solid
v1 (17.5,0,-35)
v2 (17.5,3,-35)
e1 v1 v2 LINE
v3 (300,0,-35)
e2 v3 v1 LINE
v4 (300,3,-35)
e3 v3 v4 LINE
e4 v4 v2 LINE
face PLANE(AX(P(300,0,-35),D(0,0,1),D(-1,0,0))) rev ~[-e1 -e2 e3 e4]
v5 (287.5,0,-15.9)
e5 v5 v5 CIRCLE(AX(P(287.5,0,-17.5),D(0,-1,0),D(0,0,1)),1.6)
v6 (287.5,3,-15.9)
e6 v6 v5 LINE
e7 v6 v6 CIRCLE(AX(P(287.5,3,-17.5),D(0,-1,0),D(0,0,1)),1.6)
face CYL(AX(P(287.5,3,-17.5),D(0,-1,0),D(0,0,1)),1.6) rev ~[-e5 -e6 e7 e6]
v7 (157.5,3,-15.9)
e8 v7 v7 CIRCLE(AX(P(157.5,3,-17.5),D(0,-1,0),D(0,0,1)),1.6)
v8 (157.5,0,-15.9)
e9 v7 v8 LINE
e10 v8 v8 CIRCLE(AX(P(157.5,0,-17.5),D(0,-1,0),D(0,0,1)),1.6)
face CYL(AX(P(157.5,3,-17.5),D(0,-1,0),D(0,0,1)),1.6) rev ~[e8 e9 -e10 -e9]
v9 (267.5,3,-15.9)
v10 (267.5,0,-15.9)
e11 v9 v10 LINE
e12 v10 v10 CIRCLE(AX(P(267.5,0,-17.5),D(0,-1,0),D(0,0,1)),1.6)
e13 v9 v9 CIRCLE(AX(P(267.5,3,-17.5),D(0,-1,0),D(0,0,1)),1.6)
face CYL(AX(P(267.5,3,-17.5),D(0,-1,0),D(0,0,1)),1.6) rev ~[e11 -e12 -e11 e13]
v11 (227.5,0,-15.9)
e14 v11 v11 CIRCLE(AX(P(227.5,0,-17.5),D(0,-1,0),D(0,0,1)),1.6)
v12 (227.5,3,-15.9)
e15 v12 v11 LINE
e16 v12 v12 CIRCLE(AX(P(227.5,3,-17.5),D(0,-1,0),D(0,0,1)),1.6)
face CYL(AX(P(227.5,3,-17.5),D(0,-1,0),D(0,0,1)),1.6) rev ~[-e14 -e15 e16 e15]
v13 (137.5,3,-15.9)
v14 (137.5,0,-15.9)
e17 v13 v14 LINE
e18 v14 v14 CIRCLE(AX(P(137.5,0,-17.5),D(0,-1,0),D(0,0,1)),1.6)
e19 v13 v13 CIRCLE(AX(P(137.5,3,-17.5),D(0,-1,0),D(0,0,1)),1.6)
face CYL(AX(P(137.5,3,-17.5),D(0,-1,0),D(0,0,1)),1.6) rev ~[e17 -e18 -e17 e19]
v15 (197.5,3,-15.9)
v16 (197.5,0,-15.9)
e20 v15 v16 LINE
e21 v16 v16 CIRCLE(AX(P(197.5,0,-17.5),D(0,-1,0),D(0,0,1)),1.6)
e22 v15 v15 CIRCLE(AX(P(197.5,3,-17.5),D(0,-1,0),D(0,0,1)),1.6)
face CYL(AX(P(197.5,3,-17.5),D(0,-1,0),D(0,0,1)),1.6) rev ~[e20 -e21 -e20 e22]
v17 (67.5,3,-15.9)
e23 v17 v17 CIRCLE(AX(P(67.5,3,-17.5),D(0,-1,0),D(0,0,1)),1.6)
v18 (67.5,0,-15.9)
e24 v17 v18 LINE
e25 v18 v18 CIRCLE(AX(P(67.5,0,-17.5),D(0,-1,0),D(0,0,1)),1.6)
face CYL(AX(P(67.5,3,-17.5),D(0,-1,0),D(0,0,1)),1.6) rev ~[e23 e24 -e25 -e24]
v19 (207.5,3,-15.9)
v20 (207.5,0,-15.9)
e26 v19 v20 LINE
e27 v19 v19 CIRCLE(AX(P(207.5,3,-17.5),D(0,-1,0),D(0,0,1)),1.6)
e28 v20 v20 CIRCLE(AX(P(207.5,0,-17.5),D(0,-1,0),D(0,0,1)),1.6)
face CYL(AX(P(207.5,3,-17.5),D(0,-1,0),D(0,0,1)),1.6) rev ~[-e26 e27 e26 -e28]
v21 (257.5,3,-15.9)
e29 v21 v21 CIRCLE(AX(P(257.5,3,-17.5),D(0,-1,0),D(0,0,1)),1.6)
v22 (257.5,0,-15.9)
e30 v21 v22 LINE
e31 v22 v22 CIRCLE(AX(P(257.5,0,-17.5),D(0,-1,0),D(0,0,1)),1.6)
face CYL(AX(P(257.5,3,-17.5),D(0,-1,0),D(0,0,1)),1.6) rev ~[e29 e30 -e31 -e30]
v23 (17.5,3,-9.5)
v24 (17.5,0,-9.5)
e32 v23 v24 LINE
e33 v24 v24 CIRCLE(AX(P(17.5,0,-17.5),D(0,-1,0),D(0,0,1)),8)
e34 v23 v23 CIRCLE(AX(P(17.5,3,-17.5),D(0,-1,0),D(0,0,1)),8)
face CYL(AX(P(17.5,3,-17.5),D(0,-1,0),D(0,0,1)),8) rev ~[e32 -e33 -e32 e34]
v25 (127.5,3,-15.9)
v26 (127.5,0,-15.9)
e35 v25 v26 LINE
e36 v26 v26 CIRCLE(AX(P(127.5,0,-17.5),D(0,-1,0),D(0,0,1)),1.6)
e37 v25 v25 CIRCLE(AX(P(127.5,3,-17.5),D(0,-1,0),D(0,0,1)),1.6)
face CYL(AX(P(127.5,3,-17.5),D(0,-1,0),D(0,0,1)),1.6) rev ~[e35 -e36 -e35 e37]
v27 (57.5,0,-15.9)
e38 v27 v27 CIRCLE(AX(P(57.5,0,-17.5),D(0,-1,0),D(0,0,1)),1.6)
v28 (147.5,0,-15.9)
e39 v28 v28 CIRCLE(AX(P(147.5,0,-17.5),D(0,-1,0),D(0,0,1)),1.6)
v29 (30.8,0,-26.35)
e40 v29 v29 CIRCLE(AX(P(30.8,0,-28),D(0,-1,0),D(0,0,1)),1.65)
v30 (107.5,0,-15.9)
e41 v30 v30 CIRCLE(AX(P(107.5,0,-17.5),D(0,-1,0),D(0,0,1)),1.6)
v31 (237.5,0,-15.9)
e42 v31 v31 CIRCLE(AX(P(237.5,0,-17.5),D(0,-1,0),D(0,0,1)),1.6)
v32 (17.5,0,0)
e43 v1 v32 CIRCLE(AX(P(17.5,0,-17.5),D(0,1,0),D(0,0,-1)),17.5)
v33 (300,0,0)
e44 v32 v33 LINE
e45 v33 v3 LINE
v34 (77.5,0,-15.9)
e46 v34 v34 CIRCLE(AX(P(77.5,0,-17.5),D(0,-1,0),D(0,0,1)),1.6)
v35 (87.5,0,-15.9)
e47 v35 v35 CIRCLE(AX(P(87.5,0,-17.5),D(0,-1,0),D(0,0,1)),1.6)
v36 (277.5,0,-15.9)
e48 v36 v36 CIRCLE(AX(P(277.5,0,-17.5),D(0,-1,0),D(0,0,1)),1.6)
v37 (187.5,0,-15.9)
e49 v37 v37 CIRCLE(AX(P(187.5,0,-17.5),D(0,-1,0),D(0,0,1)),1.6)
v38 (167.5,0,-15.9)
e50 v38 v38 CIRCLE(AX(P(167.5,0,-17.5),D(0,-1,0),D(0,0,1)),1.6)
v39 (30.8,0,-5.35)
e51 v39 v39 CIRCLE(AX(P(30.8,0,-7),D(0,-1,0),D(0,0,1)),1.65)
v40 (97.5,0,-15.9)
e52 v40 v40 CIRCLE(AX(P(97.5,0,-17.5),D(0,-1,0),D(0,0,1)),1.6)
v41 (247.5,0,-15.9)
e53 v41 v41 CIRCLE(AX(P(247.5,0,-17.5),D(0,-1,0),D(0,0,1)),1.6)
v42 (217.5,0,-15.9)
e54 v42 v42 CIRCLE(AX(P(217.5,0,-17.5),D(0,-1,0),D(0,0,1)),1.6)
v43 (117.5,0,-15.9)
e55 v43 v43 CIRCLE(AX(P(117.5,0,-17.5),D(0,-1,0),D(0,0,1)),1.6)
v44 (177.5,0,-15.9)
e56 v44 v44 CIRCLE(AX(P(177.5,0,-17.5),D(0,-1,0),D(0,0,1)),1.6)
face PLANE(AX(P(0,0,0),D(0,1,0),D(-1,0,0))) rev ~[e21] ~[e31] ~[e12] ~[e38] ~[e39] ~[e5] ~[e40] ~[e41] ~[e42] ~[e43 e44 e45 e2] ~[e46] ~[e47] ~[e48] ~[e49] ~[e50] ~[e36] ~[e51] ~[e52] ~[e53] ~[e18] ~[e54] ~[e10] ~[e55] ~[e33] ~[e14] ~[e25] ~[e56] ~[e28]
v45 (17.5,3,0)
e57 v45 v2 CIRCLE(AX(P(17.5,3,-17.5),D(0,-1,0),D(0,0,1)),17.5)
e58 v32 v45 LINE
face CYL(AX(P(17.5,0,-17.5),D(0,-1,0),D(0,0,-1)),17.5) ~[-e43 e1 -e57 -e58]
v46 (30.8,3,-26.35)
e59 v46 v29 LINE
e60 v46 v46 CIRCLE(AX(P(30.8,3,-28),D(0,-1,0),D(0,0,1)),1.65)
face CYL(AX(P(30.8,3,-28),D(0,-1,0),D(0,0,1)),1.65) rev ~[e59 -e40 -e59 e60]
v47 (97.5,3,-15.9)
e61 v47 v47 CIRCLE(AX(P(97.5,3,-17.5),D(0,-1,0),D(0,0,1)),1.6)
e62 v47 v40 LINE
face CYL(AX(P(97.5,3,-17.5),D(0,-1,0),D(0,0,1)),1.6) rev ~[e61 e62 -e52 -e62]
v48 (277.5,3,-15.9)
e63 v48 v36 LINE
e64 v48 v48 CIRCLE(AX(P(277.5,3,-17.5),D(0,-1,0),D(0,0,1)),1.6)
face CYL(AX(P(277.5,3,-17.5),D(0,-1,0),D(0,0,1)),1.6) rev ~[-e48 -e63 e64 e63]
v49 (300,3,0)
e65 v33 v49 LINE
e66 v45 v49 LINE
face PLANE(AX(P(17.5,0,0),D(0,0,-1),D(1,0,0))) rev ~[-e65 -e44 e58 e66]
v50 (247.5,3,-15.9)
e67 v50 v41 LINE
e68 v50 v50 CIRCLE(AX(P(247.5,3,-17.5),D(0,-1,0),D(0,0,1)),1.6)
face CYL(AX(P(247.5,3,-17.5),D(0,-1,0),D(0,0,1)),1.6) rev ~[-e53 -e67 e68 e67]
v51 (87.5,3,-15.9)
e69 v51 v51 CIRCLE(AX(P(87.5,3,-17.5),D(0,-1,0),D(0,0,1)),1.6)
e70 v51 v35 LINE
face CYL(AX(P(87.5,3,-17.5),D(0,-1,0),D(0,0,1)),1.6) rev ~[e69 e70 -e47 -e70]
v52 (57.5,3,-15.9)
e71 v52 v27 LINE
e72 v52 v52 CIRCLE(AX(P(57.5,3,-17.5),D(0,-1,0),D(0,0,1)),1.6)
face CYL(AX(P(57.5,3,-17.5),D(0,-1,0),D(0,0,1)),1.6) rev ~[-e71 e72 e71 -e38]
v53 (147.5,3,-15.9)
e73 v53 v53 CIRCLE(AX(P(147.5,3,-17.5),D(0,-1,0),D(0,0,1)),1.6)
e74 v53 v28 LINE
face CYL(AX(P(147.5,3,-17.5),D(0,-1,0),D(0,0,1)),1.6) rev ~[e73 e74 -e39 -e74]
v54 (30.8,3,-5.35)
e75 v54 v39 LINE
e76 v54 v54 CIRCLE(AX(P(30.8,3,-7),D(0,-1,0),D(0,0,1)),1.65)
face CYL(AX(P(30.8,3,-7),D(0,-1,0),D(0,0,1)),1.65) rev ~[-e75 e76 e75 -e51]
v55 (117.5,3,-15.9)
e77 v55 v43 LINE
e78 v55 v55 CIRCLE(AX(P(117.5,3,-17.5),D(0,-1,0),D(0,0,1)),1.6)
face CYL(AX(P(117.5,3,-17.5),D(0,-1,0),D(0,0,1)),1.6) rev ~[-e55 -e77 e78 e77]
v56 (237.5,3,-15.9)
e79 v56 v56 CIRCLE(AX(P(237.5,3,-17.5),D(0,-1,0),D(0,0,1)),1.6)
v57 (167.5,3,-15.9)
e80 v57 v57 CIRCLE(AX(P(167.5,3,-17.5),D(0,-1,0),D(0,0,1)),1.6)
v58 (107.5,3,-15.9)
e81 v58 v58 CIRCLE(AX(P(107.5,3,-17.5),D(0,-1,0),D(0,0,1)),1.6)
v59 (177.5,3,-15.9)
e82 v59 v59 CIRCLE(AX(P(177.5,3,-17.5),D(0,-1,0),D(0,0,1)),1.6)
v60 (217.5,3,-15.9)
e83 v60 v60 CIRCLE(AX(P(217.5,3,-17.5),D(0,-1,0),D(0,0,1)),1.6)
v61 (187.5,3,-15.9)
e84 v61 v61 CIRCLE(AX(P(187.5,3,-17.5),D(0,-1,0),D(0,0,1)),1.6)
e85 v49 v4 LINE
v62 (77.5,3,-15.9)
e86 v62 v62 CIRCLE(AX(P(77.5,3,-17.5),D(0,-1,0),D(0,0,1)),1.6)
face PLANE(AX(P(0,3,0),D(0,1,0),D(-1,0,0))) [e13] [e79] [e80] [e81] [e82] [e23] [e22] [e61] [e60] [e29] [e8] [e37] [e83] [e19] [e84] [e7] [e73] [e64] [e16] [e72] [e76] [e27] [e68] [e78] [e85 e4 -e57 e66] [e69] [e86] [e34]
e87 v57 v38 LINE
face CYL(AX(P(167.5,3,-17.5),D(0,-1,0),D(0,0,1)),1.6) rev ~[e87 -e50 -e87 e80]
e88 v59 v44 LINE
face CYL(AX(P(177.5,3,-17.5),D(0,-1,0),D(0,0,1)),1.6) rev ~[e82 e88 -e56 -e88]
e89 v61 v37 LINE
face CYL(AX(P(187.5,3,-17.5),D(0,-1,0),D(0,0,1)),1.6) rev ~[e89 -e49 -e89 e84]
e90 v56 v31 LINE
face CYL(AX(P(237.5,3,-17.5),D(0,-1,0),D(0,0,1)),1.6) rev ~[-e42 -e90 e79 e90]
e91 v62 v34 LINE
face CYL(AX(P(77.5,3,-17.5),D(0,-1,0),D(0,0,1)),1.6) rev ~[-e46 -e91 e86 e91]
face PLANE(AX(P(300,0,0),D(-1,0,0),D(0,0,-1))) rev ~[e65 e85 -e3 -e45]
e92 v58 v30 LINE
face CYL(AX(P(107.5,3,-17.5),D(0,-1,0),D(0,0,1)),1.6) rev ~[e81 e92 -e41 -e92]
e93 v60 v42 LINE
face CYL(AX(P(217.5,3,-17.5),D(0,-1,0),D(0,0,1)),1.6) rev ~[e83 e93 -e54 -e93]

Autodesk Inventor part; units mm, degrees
ref_plane "YZ Plane" through (0, 0, 0) normal (1, 0, 0) x (0, 1, 0)
ref_plane "XZ Plane" through (0, 0, 0) normal (0, 1, 0) x (-1, 0, 0)
ref_plane "XY Plane" through (0, 0, 0) normal (0, 0, 1) x (1, 0, 0)
sketch "スケッチ1" plane through (0, 0, 0) normal (0, 1, 0) x (-1, 0, 0)
  line L0 (0, 0) -> (-300, 0)
  line L1 (-300, 0) -> (-300, -35)
  line L2 (-300, -35) -> (0, -35)
  line L3 (0, -35) -> (0, 0)
  arc A0 (-17.5, -35) -> (-17.5, 0) centre (-17.5, -17.5) ccw
  point P0 (-17.5, -17.5)
  dimension "d0" = 300
  dimension "d1" = 35
  dimension "d2" = 17.5
  dimension "d3" = 17.5
  dimension "d43" = 17.5
extrude "押し出し1" add sketch "スケッチ1" along normal blind 3 contours A0 L2 L1 L0
sketch "スケッチ2" plane through (0, 3, 0) normal (0, 1, 0) x (1, 0, 0)
  arc A0 (17.5, 35) -> (17.5, 0) centre (17.5, 17.5) ccw projected
  line L0 (300, 35) -> (17.5, 35) projected
  point P0 (0, 0)
  point P1 (0, 17.5)
hole "穴1" at (17.5, 3, -17.5) direction (0, -1, 0) diameter 16 end through all
sketch "スケッチ3" plane through (0, 3, 0) normal (0, 1, 0) x (1, 0, 0)
  line L0 (300, 0) -> (300, 35) projected
  arc A0 (17.5, 35) -> (17.5, 0) centre (17.5, 17.5) ccw construction
  line L1 (17.5, 17.5) -> (300, 17.5) construction
  line L2 (300, 0) -> (300, 35) construction
  point P0 (0, 0)
  point P1 (57.5, 17.5)
  point P2 (67.5, 17.5)
  point P3 (77.5, 17.5)
  point P4 (87.5, 17.5)
  point P5 (97.5, 17.5)
  point P6 (107.5, 17.5)
  point P7 (117.5, 17.5)
  point P8 (127.5, 17.5)
  point P9 (137.5, 17.5)
  point P10 (147.5, 17.5)
  point P11 (157.5, 17.5)
  point P12 (167.5, 17.5)
  point P13 (177.5, 17.5)
  point P14 (187.5, 17.5)
  point P15 (197.5, 17.5)
  point P16 (207.5, 17.5)
  point P17 (217.5, 17.5)
  point P18 (227.5, 17.5)
  point P19 (237.5, 17.5)
  point P20 (247.5, 17.5)
  point P21 (257.5, 17.5)
  point P22 (267.5, 17.5)
  point P23 (277.5, 17.5)
  point P24 (287.5, 17.5)
  dimension "d108" = 40
  dimension "d111" = 10
sketch "スケッチ8" plane through (0, 3, 0) normal (0, 1, 0) x (1, 0, 0)
  arc A0 (17.5, 35) -> (17.5, 0) centre (17.5, 17.5) ccw projected
  line L0 (0, 17.5) -> (37.6182, 17.5)
  line L1 (17.5, 0) -> (300, 0) projected
  circle A1 centre (15, 20) radius 8 projected
  point P0 (0, 0)
  point P1 (30.8, 7)
  point P2 (30.8, 28)
  dimension "d84" = 17.5
  dimension "d85" = 10.5
  dimension "d86" = 10.5
  dimension "d88" = 15.8
  dimension "d89" = 15.8
hole "穴6" at (30.8, 3, -7) at (30.8, 3, -28) direction (0, -1, 0) diameter 3.3 end through all
hole "穴7" at (57.5, 3, -17.5) at (67.5, 3, -17.5) at (77.5, 3, -17.5) at (87.5, 3, -17.5) at (97.5, 3, -17.5) at (107.5, 3, -17.5) at (117.5, 3, -17.5) at (127.5, 3, -17.5) at (137.5, 3, -17.5) at (147.5, 3, -17.5) at (157.5, 3, -17.5) at (167.5, 3, -17.5) at (177.5, 3, -17.5) at (187.5, 3, -17.5) at (197.5, 3, -17.5) at (207.5, 3, -17.5) at (217.5, 3, -17.5) at (227.5, 3, -17.5) at (237.5, 3, -17.5) at (247.5, 3, -17.5) at (257.5, 3, -17.5) at (267.5, 3, -17.5) at (277.5, 3, -17.5) at (287.5, 3, -17.5) direction (0, -1, 0) diameter 3.2 end through all
sketch "スケッチ9" plane through (0, 3, 0) normal (0, 1, 0) x (1, 0, 0)
  point P0 (0, 0)
properties part number "shoulder1_plate" material "アルミニウム 5052"
